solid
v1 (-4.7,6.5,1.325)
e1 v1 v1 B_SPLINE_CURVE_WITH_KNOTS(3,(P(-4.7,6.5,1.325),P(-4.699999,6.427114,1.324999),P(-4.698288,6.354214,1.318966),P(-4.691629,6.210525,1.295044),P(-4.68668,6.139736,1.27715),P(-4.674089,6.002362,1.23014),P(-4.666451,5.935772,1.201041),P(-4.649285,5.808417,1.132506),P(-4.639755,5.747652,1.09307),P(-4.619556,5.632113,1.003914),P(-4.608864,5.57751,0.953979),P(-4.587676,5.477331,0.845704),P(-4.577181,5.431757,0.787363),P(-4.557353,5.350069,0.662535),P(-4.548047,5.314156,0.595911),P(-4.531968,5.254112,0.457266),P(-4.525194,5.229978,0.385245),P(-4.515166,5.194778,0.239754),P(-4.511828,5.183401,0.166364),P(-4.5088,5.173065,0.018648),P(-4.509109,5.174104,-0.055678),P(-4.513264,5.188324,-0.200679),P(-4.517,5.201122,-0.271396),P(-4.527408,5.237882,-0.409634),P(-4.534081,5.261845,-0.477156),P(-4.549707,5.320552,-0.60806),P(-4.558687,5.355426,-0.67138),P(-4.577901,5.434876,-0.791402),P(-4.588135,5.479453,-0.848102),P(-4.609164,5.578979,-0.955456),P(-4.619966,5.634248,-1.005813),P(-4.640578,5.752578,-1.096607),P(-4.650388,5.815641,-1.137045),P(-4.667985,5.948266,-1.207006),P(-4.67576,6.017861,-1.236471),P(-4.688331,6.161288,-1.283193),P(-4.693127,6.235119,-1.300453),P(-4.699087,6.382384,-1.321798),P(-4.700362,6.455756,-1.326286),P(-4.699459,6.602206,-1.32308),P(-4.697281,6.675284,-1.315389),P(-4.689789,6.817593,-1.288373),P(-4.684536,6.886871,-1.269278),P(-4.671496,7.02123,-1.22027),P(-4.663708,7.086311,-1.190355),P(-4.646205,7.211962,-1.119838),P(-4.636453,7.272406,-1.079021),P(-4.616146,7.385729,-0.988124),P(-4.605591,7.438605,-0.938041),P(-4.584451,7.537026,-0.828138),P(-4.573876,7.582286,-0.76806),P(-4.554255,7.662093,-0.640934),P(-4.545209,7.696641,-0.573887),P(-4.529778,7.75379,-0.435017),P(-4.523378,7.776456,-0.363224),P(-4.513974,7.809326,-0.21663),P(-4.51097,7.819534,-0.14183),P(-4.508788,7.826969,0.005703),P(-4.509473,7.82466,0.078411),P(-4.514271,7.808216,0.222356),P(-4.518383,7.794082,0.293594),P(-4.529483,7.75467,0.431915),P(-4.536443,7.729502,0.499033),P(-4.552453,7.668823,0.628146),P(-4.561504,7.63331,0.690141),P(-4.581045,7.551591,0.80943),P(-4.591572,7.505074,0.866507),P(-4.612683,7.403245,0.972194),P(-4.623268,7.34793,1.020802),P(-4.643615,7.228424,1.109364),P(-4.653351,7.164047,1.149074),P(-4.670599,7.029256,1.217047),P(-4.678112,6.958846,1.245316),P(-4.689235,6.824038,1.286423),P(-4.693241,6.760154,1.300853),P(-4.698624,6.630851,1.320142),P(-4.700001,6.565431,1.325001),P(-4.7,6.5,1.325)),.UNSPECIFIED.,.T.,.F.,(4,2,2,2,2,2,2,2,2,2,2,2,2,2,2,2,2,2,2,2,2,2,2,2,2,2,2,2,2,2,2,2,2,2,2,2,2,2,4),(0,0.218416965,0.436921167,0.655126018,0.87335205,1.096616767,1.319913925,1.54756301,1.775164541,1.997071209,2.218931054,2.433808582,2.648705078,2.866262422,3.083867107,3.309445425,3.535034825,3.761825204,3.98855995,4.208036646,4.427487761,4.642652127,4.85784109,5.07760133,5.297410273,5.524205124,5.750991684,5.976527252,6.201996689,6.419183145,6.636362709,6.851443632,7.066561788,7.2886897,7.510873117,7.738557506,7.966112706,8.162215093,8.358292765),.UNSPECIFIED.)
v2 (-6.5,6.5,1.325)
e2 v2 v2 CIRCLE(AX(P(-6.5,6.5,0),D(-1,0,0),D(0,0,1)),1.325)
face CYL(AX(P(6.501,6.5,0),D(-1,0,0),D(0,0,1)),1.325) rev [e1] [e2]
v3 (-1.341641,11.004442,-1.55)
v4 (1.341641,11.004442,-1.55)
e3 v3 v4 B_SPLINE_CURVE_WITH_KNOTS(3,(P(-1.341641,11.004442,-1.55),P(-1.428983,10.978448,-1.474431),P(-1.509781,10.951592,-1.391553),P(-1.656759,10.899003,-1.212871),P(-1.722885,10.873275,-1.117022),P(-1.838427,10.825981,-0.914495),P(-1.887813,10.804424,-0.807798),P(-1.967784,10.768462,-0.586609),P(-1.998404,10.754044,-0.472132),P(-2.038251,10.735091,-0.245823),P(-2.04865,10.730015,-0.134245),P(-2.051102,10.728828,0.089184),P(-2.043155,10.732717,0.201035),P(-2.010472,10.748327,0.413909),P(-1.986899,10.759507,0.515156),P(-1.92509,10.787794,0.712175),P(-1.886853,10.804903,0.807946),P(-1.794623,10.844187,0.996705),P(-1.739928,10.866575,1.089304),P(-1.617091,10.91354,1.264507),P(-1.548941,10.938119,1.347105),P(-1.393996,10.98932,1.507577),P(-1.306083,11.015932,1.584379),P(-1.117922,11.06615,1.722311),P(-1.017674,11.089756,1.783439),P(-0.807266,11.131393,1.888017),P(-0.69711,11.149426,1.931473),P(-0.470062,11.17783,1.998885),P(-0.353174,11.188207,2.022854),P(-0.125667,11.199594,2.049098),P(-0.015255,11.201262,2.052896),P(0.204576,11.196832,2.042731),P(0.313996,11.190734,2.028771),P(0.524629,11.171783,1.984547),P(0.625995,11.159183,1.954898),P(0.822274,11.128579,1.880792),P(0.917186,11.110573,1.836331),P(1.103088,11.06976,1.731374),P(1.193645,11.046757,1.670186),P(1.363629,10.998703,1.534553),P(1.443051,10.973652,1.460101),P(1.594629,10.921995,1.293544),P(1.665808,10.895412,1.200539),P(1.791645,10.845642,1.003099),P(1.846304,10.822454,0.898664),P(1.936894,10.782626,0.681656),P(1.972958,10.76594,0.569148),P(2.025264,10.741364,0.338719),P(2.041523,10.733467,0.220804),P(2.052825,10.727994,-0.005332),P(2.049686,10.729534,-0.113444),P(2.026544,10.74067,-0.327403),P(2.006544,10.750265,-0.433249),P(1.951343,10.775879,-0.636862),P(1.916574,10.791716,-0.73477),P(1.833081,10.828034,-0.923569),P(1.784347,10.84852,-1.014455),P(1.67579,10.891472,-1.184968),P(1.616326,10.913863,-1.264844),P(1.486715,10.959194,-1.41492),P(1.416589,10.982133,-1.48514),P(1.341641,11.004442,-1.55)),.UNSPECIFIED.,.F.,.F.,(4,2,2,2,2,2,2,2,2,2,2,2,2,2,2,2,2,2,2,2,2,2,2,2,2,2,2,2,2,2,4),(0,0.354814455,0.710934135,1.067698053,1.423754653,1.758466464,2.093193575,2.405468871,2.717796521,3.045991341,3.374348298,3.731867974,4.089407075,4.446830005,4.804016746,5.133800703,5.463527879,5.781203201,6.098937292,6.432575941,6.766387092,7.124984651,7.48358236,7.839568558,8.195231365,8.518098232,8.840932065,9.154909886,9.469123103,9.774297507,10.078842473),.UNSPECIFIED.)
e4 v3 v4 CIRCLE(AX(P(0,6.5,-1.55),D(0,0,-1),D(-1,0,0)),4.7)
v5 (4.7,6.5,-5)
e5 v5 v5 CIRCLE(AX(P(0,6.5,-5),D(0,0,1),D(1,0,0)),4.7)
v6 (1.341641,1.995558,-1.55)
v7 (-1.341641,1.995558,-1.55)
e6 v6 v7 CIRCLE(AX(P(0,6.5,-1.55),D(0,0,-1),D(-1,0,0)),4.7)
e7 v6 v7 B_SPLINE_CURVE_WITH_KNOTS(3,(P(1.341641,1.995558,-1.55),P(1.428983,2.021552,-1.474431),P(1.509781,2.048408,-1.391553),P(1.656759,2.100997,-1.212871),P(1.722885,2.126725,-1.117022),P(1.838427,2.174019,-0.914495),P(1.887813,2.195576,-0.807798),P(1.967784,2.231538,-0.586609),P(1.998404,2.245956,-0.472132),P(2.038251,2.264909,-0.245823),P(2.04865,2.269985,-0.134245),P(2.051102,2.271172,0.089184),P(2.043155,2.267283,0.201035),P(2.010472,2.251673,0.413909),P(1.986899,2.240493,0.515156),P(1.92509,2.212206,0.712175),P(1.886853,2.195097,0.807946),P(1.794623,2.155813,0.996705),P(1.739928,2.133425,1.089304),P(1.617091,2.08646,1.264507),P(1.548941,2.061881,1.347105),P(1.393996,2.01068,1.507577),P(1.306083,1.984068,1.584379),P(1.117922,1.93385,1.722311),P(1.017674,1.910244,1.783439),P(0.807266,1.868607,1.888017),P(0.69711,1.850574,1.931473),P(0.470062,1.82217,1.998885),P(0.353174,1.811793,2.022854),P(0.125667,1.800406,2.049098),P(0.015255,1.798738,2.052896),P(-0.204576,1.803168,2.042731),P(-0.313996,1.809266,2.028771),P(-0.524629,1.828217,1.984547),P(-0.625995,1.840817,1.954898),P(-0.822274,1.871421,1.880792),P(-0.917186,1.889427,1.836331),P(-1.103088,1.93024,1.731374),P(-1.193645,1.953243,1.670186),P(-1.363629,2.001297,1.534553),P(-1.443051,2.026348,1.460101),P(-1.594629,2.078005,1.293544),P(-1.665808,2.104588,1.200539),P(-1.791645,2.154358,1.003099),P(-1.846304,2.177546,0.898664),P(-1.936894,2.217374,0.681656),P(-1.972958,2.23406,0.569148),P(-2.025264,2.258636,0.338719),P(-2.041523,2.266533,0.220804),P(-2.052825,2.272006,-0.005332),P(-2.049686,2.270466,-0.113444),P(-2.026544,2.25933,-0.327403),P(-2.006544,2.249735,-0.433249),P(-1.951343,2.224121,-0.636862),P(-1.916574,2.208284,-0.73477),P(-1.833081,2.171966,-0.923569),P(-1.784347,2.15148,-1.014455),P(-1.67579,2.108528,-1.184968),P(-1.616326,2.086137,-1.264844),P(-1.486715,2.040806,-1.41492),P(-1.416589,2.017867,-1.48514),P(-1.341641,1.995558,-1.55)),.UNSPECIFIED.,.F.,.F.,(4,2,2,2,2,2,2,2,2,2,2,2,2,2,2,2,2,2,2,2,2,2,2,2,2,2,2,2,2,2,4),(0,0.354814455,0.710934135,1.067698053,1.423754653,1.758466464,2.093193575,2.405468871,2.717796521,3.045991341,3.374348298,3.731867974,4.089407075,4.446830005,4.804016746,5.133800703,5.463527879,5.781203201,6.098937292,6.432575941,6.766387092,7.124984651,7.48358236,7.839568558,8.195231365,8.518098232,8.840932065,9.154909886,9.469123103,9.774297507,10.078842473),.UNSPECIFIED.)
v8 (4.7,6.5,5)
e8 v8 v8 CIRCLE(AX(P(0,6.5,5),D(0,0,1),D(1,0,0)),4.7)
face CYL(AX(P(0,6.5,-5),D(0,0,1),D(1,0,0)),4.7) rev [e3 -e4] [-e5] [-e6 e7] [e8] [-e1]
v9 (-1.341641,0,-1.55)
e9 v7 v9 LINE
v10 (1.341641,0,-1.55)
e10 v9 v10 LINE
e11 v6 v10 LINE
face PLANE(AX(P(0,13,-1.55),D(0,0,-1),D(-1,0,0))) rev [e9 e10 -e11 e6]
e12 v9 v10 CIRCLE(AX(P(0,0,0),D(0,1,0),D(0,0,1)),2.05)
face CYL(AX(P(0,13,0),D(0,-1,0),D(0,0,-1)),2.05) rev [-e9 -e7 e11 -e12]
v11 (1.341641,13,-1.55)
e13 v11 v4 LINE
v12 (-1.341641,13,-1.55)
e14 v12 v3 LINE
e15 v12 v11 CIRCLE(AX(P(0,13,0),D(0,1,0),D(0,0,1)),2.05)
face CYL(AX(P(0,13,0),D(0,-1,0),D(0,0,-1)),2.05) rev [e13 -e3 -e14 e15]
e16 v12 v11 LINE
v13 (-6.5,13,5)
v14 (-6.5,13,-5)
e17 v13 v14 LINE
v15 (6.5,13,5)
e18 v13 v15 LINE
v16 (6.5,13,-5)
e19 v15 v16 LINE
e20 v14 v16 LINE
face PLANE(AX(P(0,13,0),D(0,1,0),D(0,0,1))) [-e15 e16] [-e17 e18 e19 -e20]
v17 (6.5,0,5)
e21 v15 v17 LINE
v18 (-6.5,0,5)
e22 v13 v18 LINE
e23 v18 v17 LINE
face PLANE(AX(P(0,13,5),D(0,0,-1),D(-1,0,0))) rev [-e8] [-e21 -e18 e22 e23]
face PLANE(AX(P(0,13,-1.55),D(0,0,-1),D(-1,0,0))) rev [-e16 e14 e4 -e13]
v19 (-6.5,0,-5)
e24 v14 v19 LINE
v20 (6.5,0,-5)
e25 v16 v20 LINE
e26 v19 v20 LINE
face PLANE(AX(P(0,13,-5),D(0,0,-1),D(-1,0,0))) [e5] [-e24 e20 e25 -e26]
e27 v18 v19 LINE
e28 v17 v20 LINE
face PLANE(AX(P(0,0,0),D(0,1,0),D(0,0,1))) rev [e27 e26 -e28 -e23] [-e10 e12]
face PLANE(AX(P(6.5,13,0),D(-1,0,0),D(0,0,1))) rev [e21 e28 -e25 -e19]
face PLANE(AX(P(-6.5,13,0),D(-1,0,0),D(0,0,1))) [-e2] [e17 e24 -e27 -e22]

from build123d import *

# Parameters (mm, degrees)
SKETCH1_W           = 13
SKETCH1_H           = 10
BOSS_EXTRUDE1_DEPTH = 13
SKETCH2_R           = 4.7
CUT_EXTRUDE1_DEPTH  = 10
CUT_EXTRUDE2_REACH  = 15
SKETCH3_R           = 1.325


with BuildPart() as part:
    # Sketch1 → Boss-Extrude1 (new body)
    with BuildSketch(Plane(origin=(0, 0, 0), x_dir=(1, 0, 0), z_dir=(0, 1, 0))):
        Rectangle(SKETCH1_W, SKETCH1_H)
        with BuildLine():
            Line((-1.341640786, 1.55), (1.341640786, 1.55))
            ThreePointArc((1.341640786, 1.55), (0, -2.05), (-1.341640786, 1.55))
        make_face(mode=Mode.SUBTRACT)
    extrude(amount=BOSS_EXTRUDE1_DEPTH)

    # Sketch2 → Cut-Extrude1 (cut)
    with BuildSketch(Plane.XY.offset(5)):
        with Locations((0, 6.5)):
            Circle(SKETCH2_R)
    extrude(amount=-CUT_EXTRUDE1_DEPTH, mode=Mode.SUBTRACT)

    # Sketch3 → Cut-Extrude2 (cut, up to next)
    with BuildSketch(Plane.ZY.offset(6.5), mode=Mode.PRIVATE) as cut_extrude2_sk1:
        with Locations((0, 6.5)):
            Circle(SKETCH3_R)
    cut_extrude2_tool1 = extrude(cut_extrude2_sk1.sketch, amount=-CUT_EXTRUDE2_REACH, mode=Mode.PRIVATE) & part.part
    add(cut_extrude2_tool1.solids().sort_by_distance((-6.5, 6.5, 0))[0], mode=Mode.SUBTRACT)


solid = part.part
